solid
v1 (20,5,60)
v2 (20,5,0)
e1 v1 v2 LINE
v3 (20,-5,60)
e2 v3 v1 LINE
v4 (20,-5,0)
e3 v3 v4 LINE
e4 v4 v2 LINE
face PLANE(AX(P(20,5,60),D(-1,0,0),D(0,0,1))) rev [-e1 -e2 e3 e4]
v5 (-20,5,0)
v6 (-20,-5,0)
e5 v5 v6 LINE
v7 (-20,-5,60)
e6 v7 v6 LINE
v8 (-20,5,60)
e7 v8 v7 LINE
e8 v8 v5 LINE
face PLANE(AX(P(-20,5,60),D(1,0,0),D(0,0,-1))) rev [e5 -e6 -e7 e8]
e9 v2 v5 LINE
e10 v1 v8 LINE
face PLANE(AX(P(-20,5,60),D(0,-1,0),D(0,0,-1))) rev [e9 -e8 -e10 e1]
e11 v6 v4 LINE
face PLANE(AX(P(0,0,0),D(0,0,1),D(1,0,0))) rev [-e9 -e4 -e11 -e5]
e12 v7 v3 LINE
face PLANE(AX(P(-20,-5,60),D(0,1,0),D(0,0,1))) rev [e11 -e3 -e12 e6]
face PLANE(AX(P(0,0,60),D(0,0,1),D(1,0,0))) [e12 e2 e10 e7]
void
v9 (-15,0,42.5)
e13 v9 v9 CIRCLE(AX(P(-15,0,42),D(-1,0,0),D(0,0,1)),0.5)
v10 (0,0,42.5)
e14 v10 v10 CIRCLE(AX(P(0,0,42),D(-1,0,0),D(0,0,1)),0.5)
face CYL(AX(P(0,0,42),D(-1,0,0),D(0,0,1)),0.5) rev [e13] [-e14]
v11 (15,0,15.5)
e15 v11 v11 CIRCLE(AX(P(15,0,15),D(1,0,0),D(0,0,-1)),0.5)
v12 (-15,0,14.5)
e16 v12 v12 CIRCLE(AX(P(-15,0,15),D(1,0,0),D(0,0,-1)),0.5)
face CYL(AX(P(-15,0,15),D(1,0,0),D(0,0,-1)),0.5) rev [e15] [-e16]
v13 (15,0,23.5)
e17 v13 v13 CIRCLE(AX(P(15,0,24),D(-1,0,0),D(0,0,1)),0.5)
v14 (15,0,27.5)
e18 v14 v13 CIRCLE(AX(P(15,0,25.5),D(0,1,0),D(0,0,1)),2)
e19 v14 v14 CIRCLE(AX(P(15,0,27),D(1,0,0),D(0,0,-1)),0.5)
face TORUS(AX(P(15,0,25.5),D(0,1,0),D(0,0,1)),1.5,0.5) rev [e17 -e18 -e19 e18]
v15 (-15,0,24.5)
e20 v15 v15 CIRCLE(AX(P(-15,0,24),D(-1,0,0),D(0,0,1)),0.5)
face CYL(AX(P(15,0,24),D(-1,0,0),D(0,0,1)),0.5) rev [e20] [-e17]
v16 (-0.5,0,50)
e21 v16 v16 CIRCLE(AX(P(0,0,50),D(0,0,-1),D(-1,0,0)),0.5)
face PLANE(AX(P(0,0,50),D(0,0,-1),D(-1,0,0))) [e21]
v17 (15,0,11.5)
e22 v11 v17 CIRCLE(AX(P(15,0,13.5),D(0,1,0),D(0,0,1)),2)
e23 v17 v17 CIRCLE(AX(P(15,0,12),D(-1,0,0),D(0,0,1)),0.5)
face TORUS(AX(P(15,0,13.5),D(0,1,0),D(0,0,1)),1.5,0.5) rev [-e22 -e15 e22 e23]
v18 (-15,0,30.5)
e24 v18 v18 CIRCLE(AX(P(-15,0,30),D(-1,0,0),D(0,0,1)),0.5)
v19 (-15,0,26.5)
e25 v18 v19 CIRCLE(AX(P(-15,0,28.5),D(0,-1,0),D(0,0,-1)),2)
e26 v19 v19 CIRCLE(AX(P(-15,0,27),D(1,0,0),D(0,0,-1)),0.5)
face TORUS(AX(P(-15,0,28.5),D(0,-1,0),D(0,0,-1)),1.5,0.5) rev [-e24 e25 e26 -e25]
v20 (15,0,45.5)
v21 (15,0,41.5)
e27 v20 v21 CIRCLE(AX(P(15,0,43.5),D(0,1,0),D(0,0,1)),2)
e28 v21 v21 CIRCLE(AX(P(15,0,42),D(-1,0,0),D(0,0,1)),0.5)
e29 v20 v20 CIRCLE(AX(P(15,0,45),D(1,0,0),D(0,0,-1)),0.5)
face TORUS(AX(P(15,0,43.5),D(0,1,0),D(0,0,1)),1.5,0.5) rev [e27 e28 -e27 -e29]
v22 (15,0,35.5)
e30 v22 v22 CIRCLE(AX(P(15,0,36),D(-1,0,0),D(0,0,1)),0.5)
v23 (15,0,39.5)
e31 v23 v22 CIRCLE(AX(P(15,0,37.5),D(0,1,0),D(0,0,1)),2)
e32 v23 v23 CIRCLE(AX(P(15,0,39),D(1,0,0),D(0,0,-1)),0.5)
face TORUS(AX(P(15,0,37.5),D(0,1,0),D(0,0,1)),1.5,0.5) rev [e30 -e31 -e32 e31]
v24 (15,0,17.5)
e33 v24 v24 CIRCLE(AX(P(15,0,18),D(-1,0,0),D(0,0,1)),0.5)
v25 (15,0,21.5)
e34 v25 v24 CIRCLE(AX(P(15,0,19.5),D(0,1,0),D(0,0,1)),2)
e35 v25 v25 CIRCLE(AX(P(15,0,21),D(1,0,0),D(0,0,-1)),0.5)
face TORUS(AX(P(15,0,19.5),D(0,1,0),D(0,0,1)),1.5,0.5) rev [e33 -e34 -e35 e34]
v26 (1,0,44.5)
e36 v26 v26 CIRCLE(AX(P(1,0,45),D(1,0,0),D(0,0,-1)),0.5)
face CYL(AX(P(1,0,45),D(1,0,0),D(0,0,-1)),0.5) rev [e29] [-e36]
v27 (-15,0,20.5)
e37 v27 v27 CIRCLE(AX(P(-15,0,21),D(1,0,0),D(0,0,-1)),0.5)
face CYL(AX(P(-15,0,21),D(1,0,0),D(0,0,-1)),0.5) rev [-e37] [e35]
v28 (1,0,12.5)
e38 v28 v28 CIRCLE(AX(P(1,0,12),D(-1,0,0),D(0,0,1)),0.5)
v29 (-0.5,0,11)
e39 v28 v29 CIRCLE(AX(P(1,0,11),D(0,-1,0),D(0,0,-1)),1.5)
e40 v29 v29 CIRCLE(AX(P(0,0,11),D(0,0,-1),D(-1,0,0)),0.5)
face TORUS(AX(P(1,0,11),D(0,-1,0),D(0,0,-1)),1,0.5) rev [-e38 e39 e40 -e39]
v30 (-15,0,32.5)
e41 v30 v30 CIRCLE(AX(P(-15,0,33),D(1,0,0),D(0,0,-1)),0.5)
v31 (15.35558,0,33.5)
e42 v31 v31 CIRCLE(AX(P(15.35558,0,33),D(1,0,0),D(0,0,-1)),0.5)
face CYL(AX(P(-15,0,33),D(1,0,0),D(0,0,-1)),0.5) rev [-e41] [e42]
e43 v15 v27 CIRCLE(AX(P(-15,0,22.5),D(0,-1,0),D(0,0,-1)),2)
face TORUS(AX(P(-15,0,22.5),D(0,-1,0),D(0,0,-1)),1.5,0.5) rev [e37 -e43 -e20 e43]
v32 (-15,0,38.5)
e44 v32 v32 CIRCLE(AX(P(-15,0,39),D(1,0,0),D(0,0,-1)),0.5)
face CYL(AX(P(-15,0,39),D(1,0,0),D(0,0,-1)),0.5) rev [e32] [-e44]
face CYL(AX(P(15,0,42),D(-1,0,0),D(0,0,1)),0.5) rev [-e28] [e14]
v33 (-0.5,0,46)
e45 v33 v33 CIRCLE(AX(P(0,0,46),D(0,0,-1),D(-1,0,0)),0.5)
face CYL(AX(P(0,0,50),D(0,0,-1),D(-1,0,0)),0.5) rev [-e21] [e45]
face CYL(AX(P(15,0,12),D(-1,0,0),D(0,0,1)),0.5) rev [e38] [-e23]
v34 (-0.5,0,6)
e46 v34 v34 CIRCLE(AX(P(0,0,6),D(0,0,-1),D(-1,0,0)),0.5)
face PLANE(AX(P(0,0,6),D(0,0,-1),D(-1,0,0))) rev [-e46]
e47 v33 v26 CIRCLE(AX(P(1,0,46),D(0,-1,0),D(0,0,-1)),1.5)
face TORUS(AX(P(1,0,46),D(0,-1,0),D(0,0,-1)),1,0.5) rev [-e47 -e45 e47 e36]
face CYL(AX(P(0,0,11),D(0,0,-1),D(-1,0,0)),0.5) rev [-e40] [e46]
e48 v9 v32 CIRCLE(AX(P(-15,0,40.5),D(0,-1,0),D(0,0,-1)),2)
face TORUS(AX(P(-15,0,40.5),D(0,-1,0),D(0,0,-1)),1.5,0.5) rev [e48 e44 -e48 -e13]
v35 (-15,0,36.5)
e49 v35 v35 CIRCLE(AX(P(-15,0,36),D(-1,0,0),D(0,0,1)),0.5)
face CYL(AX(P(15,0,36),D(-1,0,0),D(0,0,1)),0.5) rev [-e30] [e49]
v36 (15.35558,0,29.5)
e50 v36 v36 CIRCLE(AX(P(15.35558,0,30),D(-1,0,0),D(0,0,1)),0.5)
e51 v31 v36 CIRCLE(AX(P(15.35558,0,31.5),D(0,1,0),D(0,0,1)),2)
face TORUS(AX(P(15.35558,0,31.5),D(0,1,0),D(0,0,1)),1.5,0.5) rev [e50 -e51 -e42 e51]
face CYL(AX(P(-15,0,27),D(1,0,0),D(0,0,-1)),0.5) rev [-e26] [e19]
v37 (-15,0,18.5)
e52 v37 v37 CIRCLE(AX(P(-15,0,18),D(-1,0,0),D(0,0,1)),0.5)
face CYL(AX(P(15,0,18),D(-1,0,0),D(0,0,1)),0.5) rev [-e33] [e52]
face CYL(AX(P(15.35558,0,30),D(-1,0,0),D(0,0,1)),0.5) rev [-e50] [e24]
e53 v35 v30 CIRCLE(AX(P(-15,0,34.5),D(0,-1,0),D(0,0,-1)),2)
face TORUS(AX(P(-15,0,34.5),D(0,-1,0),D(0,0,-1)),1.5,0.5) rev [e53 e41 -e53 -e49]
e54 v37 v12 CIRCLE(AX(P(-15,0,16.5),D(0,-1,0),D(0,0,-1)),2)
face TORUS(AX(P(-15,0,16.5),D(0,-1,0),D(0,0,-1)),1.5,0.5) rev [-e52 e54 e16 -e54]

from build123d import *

# Parameters (mm, degrees)
SKETCH1_W           = 40
SKETCH1_H           = 10
BOSS_EXTRUDE1_DEPTH = 60
SKETCH10_R          = 0.5


with BuildPart() as part:
    # Sketch1 → Boss-Extrude1 (new body)
    with BuildSketch(Plane.XY):
        Rectangle(SKETCH1_W, SKETCH1_H)
    extrude(amount=BOSS_EXTRUDE1_DEPTH)

    # Cut-Sweep1: sweep along a path in Sketch2
    with BuildLine(Plane(origin=(0, 0, 0), x_dir=(1, 0, 0), z_dir=(0, 1, 0))) as cut_sweep1_path:
        Line((0, -50), (0, -46))
        ThreePointArc((0, -46), (0.292893219, -45.292893219), (1, -45))
        Line((1, -45), (15, -45))
        ThreePointArc((15, -45), (16.5, -43.5), (15, -42))
        Line((15, -42), (0, -42))
        Line((0, -42), (-15, -42))
        ThreePointArc((-15, -42), (-16.5, -40.5), (-15, -39))
        Line((-15, -39), (15, -39))
        ThreePointArc((15, -39), (16.5, -37.5), (15, -36))
        Line((15, -36), (-15, -36))
        ThreePointArc((-15, -36), (-16.5, -34.5), (-15, -33))
        Line((-15, -33), (15.355579664, -33))
        ThreePointArc((15.355579664, -33), (16.855579664, -31.5), (15.355579664, -30))
        Line((15.355579664, -30), (-15, -30))
        ThreePointArc((-15, -30), (-16.5, -28.5), (-15, -27))
        Line((-15, -27), (15, -27))
        ThreePointArc((15, -27), (16.5, -25.5), (15, -24))
        Line((15, -24), (-15, -24))
        ThreePointArc((-15, -24), (-16.5, -22.5), (-15, -21))
        Line((-15, -21), (15, -21))
        ThreePointArc((15, -21), (16.5, -19.5), (15, -18))
        Line((15, -18), (-15, -18))
        ThreePointArc((-15, -18), (-16.5, -16.5), (-15, -15))
        Line((-15, -15), (15, -15))
        ThreePointArc((15, -15), (16.5, -13.5), (15, -12))
        Line((15, -12), (1, -12))
        ThreePointArc((1, -12), (0.292893219, -11.707106781), (0, -11))
        Line((0, -11), (0, -6))
    # Sketch10 → Cut-Sweep1 (sweep, cut)
    with BuildSketch(Plane(origin=(0, 0, 6), x_dir=(-1, 0, 0), z_dir=(0, 0, -1))):
        Circle(SKETCH10_R)
    sweep(path=cut_sweep1_path.line, mode=Mode.SUBTRACT)


solid = part.part
